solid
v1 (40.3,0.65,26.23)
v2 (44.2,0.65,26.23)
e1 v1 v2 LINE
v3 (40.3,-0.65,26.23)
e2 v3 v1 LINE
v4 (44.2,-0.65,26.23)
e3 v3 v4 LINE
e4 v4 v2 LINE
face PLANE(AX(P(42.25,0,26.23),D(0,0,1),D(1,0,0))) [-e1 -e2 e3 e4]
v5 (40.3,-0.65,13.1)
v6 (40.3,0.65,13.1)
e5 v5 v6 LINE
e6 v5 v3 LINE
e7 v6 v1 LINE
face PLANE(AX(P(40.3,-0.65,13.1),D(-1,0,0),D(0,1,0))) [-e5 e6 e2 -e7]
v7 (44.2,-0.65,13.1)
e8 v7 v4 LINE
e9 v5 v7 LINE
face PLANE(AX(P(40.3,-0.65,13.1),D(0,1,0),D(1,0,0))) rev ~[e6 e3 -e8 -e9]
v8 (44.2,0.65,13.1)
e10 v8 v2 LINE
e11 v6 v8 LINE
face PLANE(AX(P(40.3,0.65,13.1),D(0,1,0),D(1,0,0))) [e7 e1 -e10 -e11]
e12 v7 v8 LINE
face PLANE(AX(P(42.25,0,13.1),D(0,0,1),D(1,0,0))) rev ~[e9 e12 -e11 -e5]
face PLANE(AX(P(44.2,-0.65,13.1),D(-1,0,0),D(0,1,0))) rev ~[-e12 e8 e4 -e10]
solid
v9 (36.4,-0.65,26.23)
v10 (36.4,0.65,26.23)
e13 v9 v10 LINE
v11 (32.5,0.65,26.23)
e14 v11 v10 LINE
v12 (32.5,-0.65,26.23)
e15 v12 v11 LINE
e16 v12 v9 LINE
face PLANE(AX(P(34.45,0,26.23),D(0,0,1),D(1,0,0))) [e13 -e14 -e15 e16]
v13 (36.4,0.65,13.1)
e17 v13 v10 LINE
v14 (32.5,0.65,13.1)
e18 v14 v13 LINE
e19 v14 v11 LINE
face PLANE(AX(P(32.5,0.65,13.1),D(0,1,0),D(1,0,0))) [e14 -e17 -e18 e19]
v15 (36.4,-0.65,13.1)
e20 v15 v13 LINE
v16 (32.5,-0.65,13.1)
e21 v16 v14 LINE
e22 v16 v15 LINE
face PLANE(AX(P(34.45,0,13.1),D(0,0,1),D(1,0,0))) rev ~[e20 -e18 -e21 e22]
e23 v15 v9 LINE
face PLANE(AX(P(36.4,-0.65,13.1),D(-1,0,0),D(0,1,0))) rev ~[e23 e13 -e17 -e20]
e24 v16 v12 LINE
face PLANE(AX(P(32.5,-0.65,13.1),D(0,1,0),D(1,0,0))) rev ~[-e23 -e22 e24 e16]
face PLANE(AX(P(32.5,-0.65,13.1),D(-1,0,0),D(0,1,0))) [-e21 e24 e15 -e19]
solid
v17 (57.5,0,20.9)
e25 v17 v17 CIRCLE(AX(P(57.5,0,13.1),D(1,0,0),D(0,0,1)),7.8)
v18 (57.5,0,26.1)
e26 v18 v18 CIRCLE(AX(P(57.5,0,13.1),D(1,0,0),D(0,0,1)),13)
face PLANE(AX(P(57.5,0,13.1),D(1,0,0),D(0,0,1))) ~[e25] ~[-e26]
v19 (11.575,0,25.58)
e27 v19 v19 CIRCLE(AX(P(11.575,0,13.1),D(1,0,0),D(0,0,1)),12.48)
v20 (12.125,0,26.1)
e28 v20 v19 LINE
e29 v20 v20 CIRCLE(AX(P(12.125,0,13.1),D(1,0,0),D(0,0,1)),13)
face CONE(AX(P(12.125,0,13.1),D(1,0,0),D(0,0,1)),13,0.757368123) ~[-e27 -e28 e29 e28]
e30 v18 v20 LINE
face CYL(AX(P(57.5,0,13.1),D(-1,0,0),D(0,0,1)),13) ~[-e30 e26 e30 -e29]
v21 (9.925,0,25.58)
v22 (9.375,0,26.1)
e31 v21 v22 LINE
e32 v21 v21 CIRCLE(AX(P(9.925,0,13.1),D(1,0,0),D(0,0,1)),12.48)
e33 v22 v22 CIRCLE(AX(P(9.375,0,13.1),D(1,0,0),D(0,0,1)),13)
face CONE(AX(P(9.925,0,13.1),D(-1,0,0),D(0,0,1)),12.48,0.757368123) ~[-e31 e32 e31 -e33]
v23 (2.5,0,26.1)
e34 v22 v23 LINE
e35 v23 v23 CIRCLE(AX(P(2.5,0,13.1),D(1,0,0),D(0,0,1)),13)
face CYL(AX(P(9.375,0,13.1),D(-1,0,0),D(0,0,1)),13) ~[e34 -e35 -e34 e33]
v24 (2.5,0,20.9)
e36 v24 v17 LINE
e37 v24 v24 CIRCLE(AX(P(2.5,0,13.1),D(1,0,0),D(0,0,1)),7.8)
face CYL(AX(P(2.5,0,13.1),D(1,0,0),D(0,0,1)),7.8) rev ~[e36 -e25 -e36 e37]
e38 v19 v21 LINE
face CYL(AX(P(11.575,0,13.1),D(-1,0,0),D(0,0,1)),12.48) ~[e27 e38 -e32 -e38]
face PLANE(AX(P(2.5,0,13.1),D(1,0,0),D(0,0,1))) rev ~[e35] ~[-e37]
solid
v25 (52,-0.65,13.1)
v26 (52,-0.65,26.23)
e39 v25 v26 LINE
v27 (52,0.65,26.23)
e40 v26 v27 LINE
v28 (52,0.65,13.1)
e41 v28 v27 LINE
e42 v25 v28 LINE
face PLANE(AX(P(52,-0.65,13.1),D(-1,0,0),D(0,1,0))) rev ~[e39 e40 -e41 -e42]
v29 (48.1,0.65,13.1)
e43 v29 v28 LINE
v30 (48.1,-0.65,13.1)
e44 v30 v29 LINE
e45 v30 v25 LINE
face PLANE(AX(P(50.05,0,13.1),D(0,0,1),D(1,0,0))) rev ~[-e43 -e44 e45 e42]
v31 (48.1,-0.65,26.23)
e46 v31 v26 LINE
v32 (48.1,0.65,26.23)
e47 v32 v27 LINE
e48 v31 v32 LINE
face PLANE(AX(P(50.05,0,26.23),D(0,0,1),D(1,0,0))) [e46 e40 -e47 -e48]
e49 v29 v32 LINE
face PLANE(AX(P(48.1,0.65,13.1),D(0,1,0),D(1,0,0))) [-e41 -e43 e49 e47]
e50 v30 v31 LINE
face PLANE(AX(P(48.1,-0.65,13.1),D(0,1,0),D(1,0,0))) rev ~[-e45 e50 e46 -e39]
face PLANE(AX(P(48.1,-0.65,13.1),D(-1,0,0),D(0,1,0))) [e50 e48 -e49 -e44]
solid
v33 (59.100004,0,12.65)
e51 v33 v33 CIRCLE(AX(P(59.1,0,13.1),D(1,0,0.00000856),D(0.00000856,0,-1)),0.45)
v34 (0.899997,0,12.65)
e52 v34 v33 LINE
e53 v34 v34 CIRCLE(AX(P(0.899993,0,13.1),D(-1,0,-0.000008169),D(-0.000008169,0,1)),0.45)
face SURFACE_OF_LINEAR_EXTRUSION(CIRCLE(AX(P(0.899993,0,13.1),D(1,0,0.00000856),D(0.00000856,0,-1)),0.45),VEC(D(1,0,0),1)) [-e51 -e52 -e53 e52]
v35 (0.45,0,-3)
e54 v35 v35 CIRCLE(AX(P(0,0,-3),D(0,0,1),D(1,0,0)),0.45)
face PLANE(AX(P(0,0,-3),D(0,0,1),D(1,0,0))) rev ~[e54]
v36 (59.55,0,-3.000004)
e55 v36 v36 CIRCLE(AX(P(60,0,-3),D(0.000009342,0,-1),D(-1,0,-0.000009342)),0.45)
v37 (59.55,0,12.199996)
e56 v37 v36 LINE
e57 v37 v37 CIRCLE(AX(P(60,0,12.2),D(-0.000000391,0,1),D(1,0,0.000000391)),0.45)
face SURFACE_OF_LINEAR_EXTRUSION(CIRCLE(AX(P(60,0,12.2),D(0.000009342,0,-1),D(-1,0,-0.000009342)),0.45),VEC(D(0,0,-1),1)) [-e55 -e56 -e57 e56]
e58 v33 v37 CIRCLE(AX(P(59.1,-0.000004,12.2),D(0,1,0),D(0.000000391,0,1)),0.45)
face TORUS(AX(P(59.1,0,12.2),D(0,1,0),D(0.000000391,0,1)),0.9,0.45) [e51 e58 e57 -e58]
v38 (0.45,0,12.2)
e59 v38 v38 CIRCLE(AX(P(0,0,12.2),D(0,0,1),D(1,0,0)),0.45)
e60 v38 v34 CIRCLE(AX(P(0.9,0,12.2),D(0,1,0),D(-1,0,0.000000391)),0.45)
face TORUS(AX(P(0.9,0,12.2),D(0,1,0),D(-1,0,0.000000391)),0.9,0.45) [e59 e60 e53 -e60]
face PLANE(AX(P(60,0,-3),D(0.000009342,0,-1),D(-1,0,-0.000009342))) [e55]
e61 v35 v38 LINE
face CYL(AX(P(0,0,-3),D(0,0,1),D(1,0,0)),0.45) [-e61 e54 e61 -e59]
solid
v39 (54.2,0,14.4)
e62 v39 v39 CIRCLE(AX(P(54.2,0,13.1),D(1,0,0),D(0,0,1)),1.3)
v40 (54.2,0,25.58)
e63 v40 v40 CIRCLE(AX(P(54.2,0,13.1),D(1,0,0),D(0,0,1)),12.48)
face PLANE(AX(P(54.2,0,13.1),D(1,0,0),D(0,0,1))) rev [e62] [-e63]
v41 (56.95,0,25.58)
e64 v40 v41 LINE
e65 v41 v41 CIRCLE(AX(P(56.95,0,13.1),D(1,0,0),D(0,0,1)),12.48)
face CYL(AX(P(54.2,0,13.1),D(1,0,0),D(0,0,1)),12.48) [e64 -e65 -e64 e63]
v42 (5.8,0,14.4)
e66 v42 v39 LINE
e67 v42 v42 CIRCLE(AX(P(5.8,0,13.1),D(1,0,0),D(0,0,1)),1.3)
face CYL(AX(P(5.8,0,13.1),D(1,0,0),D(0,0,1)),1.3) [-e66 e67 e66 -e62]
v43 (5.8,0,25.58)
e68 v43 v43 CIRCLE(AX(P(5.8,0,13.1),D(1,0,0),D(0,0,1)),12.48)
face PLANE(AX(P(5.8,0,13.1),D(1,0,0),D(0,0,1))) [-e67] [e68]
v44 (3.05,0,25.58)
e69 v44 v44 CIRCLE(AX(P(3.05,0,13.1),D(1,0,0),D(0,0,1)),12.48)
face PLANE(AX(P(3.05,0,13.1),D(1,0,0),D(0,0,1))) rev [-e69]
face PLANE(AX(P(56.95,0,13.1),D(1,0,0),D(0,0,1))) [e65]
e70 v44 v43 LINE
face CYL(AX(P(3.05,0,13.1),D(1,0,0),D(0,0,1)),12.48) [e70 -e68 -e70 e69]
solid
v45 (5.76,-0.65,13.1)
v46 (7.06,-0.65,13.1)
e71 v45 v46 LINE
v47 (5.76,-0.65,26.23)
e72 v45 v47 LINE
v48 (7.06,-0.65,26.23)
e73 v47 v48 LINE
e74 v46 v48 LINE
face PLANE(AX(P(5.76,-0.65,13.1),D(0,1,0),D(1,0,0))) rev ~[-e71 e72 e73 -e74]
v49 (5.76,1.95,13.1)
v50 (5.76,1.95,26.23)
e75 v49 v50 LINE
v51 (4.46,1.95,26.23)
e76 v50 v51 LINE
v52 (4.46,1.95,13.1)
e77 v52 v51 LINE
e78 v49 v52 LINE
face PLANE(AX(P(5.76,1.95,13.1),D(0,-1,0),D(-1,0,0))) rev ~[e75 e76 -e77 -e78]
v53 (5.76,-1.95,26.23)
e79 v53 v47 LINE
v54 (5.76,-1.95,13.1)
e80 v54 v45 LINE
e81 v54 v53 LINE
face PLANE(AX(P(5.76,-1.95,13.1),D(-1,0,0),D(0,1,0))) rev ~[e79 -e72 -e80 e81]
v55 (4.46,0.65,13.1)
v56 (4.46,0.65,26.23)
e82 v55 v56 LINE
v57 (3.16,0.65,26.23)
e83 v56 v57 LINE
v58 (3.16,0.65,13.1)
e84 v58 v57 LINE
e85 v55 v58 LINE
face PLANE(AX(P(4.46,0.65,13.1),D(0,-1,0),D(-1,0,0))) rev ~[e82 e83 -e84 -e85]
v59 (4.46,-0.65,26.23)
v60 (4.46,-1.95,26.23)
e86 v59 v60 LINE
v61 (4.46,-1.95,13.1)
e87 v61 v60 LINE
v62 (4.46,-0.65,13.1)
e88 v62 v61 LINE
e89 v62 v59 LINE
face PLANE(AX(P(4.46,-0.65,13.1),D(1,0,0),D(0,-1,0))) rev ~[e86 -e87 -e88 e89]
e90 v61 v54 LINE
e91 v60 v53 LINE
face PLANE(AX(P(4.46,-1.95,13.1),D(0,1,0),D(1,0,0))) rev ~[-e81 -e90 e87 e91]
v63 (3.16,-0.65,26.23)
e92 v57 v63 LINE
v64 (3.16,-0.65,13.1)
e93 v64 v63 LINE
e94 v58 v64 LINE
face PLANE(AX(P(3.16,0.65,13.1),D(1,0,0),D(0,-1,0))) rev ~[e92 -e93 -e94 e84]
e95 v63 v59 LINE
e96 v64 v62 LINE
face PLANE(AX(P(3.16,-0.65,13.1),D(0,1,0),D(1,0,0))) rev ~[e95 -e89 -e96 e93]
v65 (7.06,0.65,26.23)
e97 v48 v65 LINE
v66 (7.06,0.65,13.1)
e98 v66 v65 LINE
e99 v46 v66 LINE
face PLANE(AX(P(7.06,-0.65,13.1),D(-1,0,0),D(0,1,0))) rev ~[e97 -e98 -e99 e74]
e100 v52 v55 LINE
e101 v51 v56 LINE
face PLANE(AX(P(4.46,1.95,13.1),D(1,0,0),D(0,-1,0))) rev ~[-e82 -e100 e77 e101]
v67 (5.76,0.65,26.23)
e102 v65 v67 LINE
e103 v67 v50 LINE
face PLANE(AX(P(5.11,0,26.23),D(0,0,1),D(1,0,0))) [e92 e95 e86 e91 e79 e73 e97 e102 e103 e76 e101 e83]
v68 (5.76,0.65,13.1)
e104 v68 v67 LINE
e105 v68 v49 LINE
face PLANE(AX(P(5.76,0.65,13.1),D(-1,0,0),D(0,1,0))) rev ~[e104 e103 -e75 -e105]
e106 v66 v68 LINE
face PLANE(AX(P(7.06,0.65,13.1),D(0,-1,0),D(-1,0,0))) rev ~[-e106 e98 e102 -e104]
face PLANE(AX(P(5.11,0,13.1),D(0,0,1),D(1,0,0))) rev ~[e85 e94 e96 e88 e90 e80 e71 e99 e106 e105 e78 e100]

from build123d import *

# Parameters (mm, degrees)
SKETCH_R    = 0.45
SKETCH004_W = 3.9
SKETCH004_H = 1.3
PAD_DEPTH   = 13.13


with BuildPart() as sweep_body:
    # Sweep: sweep along a path in Sketch001
    with BuildLine(Plane.XZ) as sweep_path:
        Line((0, -3), (0, 12.2))
        ThreePointArc((0, 12.2), (0.263601, 12.836393), (0.899993, 13.1))
        Line((0.899993, 13.1), (59.1, 13.1))
        ThreePointArc((59.1, 13.1), (59.736396, 12.836396), (60, 12.2))
        Line((60, 12.2), (60, -3))
    # Sketch → Sweep (sweep)
    with BuildSketch(Plane.XY.offset(-2)):
        Circle(SKETCH_R)
    sweep(path=sweep_path.line)


with BuildPart() as revolution:
    # Sketch002 → Revolution (revolve)
    with BuildSketch(Plane.XZ):
        Polygon((2.5, 26.1), (2.5, 20.9), (57.5, 20.9), (57.5, 26.1), (12.125, 26.1), (11.575, 25.58), (9.925, 25.58), (9.375, 26.1), align=None)
    revolve(axis=Axis((6.97588, 0, 13.1), (1, 0, 0)))


with BuildPart() as revolution001:
    # Sketch003 → Revolution001 (revolve)
    with BuildSketch(Plane.XZ):
        Polygon((3.05, 25.58), (5.8, 25.58), (5.8, 14.4), (54.2, 14.4), (54.2, 25.58), (56.95, 25.58), (56.95, 13.1), (3.05, 13.1), align=None)
    revolve(axis=Axis((6.97588, 0, 13.1), (1, 0, 0)))


with BuildPart() as pad:
    # Sketch004 → Pad (new body)
    with BuildSketch(Plane.XY.offset(13.1)):
        with Locations((50.05, 0)):
            Rectangle(SKETCH004_W, SKETCH004_H)
        with Locations((42.25, 0)):
            Rectangle(SKETCH004_W, SKETCH004_H)
        with Locations((34.45, 0)):
            Rectangle(SKETCH004_W, SKETCH004_H)
        Polygon((4.46, 0.65), (3.16, 0.65), (3.16, -0.65), (4.46, -0.65), (4.46, -1.95), (5.76, -1.95), (5.76, -0.65), (7.06, -0.65), (7.06, 0.65), (5.76, 0.65), (5.76, 1.95), (4.46, 1.95), align=None)
    extrude(amount=PAD_DEPTH)


solid = Compound([sweep_body.part, revolution.part, revolution001.part, pad.part])
